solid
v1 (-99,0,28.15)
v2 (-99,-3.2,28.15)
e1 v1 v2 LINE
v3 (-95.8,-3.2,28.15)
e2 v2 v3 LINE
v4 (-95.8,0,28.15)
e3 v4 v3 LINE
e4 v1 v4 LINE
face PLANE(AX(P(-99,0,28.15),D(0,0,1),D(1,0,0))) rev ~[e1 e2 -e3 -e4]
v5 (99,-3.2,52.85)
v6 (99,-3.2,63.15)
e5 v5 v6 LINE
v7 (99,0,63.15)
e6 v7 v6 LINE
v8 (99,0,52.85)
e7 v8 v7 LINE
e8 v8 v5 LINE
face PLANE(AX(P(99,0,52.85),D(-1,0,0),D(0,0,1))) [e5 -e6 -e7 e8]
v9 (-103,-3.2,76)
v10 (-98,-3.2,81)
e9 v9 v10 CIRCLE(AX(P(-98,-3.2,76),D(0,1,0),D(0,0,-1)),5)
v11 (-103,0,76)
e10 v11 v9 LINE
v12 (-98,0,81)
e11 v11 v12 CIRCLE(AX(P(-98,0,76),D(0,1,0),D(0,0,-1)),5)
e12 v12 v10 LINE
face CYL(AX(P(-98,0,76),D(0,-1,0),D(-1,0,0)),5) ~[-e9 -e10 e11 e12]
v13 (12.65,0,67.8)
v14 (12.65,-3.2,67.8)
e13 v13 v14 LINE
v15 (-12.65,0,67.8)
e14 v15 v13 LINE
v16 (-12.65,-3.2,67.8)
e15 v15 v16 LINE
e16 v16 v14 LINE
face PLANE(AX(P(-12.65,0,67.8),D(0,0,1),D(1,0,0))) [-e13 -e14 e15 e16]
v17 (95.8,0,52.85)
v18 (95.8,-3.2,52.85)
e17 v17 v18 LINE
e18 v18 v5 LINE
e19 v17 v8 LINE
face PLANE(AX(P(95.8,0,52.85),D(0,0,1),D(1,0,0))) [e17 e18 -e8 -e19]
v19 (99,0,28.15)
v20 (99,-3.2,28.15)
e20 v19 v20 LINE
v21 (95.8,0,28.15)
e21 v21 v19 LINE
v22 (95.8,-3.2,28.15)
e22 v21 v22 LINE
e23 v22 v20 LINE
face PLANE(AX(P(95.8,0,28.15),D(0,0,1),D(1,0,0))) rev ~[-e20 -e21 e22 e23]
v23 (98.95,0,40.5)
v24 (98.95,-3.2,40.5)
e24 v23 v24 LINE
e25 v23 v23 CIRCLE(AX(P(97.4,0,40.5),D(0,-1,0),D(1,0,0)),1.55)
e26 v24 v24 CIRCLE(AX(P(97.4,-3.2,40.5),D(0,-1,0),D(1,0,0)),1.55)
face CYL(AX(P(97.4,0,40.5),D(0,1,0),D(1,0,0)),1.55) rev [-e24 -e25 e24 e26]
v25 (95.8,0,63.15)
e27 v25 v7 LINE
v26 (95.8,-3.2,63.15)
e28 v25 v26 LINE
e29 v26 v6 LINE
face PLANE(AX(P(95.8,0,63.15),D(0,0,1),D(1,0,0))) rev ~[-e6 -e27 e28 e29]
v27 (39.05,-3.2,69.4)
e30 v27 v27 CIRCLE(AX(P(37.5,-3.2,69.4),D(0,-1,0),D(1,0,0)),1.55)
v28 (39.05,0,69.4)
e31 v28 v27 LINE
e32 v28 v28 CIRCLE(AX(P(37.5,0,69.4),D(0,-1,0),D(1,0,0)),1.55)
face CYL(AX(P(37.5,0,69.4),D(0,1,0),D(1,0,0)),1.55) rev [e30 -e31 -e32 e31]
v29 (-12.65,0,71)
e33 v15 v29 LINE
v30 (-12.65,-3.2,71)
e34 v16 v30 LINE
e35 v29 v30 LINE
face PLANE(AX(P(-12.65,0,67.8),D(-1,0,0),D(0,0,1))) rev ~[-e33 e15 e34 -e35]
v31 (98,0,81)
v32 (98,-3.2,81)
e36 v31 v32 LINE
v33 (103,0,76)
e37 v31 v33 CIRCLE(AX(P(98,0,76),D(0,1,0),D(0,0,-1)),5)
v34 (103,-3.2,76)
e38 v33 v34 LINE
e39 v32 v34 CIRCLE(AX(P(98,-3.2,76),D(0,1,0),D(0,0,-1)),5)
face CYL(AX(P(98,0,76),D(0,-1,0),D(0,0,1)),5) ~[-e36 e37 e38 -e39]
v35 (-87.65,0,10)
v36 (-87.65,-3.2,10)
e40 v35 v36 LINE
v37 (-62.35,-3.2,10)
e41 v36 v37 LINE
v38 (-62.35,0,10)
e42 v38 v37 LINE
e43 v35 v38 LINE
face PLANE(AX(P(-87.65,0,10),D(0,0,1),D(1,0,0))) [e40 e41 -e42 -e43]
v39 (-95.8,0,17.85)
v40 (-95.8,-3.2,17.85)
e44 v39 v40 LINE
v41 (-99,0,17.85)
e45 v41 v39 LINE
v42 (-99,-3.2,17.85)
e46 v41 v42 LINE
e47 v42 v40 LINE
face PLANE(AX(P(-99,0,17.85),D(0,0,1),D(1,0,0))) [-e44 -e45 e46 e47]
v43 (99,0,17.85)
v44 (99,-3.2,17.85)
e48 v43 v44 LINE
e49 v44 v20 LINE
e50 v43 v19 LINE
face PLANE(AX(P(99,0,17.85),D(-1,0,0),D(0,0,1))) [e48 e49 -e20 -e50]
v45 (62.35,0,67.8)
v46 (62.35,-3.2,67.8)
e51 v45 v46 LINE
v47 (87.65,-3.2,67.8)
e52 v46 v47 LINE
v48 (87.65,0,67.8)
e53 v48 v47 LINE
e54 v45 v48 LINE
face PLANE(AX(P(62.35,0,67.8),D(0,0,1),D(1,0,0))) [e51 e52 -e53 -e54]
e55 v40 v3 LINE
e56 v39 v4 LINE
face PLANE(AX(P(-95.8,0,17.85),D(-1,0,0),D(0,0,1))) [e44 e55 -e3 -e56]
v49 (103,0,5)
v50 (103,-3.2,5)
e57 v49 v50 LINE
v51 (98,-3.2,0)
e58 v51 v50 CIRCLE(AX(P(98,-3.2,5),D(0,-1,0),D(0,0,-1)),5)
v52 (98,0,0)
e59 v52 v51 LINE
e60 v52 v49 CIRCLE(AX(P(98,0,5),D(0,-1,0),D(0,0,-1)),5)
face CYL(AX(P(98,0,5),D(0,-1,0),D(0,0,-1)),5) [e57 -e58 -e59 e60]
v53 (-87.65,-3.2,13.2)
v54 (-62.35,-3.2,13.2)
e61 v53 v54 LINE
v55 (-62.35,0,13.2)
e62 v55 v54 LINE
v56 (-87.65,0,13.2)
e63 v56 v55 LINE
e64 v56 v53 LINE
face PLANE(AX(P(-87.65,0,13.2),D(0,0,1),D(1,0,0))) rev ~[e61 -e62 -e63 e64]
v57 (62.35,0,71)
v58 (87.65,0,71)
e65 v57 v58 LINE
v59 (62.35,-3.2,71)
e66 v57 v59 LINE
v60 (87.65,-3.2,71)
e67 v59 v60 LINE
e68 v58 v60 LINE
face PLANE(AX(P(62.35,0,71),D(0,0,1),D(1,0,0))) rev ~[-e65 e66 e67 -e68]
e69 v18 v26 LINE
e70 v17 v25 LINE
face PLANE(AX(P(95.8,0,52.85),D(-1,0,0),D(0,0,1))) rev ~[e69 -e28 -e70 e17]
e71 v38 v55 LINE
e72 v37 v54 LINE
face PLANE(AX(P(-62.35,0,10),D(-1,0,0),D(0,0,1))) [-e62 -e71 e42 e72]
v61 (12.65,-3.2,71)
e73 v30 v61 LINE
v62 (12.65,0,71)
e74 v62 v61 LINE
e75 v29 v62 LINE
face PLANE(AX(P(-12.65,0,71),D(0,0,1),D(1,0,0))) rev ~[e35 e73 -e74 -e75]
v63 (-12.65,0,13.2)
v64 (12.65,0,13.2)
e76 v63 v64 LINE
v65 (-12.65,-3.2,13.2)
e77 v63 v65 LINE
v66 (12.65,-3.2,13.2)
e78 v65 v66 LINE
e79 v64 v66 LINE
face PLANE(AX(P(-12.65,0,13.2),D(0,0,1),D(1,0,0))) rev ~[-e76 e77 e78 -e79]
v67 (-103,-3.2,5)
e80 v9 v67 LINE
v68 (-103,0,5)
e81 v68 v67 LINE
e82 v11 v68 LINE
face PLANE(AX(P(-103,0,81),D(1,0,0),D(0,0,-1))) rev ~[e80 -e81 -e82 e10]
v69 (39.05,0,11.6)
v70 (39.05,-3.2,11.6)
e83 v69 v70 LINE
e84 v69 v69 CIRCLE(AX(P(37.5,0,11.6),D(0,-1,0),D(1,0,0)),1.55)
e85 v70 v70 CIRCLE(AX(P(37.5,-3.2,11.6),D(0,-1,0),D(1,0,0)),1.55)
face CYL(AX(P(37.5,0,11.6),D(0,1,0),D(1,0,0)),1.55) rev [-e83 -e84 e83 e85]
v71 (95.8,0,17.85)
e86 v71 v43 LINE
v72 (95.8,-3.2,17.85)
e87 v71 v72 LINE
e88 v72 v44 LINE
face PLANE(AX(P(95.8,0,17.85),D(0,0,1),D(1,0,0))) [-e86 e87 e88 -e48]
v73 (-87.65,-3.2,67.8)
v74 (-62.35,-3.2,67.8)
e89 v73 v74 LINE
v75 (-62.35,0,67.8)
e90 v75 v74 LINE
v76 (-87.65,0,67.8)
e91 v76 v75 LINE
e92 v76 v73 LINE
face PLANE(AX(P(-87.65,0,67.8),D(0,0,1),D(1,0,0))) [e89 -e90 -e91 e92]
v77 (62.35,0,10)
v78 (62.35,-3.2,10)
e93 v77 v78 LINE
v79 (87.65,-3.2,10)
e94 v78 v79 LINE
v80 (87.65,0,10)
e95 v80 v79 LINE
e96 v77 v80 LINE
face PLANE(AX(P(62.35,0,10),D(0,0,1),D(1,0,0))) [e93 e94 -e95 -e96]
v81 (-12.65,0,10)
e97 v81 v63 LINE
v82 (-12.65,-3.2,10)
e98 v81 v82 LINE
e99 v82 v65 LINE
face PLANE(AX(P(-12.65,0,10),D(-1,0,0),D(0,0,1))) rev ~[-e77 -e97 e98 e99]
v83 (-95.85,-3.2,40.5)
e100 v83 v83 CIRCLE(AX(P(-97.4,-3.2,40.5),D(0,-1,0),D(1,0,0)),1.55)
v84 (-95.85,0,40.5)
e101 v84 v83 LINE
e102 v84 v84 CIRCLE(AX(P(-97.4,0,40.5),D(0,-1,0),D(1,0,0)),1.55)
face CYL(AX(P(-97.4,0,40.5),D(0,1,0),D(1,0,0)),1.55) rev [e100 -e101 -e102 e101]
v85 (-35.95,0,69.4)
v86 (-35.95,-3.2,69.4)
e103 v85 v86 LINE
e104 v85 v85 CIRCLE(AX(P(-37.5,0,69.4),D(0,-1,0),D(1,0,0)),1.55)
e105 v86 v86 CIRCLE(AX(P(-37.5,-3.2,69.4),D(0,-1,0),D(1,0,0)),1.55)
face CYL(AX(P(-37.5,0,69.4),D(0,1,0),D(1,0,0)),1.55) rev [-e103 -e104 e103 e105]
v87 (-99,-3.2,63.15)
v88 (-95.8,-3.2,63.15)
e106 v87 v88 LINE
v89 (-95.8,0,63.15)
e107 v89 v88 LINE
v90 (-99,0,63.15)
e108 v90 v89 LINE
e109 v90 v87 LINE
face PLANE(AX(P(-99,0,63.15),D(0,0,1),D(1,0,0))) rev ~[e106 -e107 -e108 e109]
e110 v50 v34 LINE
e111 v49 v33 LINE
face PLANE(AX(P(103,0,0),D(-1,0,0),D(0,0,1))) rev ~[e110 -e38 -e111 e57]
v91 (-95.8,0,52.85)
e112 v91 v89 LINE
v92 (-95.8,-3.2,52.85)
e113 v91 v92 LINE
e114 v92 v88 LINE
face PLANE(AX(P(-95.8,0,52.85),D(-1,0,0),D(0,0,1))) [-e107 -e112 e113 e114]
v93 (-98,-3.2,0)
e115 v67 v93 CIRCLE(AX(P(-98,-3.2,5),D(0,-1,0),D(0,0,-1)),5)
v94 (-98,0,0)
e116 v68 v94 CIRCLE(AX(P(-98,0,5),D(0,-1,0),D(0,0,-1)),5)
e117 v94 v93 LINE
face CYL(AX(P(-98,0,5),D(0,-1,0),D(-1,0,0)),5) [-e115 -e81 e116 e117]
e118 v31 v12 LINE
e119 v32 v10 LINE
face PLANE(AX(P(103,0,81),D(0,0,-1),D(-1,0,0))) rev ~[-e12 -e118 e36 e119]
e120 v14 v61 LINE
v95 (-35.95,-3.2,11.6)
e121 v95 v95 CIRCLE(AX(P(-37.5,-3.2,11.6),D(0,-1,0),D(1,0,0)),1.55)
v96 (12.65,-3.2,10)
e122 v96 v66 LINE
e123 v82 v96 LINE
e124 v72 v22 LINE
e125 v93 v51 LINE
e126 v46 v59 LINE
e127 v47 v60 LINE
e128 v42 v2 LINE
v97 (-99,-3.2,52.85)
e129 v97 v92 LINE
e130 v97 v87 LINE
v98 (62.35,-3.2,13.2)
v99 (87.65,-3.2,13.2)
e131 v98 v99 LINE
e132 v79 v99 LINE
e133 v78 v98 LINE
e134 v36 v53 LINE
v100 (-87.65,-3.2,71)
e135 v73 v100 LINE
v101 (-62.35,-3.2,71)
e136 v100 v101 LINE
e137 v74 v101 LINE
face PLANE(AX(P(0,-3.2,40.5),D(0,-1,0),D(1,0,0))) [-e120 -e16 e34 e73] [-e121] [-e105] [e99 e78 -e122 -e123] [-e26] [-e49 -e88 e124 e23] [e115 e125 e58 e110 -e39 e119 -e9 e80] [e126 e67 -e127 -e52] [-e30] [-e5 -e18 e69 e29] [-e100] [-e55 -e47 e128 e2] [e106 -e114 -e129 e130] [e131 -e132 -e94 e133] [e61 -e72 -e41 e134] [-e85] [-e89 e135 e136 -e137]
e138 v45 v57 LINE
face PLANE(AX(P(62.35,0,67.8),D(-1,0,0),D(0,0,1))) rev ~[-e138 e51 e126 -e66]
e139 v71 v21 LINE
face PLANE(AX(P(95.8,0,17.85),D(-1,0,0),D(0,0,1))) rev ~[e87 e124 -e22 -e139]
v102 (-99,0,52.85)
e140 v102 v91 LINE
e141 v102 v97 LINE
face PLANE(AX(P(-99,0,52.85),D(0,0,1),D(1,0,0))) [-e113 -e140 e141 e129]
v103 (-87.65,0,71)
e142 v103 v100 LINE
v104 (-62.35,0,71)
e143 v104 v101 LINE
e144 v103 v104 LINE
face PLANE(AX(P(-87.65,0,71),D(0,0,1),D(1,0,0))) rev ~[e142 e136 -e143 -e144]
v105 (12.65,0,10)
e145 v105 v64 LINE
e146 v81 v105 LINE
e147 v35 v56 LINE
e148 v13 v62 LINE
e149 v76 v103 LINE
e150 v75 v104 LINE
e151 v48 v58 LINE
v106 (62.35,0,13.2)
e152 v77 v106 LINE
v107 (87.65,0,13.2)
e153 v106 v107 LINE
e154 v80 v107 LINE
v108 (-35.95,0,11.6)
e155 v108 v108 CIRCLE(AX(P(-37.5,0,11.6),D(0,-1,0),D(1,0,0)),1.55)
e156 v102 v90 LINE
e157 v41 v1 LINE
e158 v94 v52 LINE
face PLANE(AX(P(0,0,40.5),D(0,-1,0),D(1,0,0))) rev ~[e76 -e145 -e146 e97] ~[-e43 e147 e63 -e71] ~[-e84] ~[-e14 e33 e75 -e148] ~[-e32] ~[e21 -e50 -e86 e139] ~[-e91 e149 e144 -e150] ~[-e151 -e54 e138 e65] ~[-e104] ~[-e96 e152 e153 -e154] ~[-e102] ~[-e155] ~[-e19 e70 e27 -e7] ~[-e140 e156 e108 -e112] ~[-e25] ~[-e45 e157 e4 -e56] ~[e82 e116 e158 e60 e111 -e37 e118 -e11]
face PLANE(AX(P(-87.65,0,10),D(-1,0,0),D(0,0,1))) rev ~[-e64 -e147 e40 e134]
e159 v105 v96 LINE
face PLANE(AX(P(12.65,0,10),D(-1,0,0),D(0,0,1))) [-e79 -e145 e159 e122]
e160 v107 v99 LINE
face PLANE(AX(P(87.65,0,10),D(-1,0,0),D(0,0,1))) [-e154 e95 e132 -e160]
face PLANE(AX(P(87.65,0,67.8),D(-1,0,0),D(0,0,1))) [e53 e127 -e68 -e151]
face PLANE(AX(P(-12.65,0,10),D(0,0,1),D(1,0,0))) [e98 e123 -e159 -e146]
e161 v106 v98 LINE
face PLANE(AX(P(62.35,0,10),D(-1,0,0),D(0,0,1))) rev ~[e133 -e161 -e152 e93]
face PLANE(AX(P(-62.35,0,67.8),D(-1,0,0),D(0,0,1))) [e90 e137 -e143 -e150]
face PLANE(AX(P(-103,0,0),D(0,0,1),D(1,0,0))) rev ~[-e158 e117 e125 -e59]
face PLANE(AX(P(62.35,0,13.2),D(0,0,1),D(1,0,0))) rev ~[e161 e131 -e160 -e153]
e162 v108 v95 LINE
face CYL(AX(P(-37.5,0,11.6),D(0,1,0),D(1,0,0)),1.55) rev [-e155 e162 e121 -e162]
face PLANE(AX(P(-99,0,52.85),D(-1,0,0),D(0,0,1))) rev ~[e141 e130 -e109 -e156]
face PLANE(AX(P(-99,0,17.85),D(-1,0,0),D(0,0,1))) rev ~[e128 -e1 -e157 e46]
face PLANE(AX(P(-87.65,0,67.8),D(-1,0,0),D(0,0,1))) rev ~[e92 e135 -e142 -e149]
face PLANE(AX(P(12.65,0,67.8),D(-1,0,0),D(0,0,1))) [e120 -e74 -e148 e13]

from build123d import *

# Parameters (mm, degrees)
F1_W     = 25.3
F1_H     = 3.2
F1_R     = 1.55
F1_W_2   = 3.2
F1_H_2   = 10.3
F2_DEPTH = 3.2
F3_R     = 5


with BuildPart() as f2:
    # F1 (on Front) → F2 (new body)
    with BuildSketch(Plane.XZ):
        Polygon((-99, 81), (-103, 81), (-103, 0), (-99, 0), (99, 0), (103, 0), (103, 81), (99, 81), align=None)
        with Locations((-75, 11.6)):
            Rectangle(F1_W, F1_H, mode=Mode.SUBTRACT)
        with Locations((-37.5, 11.6)):
            Circle(F1_R, mode=Mode.SUBTRACT)
        with Locations((0, 11.6)):
            Rectangle(F1_W, F1_H, mode=Mode.SUBTRACT)
        with Locations((-97.4, 23)):
            Rectangle(F1_W_2, F1_H_2, mode=Mode.SUBTRACT)
        with Locations((37.5, 11.6)):
            Circle(F1_R, mode=Mode.SUBTRACT)
        with Locations((75, 11.6)):
            Rectangle(F1_W, F1_H, mode=Mode.SUBTRACT)
        with Locations((97.4, 23)):
            Rectangle(F1_W_2, F1_H_2, mode=Mode.SUBTRACT)
        with Locations((-97.4, 40.5)):
            Circle(F1_R, mode=Mode.SUBTRACT)
        with Locations((-97.4, 58)):
            Rectangle(F1_W_2, F1_H_2, mode=Mode.SUBTRACT)
        with Locations((-75, 69.4)):
            Rectangle(F1_W, F1_H, mode=Mode.SUBTRACT)
        with Locations((-37.5, 69.4)):
            Circle(F1_R, mode=Mode.SUBTRACT)
        with Locations((0, 69.4)):
            Rectangle(F1_W, F1_H, mode=Mode.SUBTRACT)
        with Locations((97.4, 40.5)):
            Circle(F1_R, mode=Mode.SUBTRACT)
        with Locations((97.4, 58)):
            Rectangle(F1_W_2, F1_H_2, mode=Mode.SUBTRACT)
        with Locations((37.5, 69.4)):
            Circle(F1_R, mode=Mode.SUBTRACT)
        with Locations((75, 69.4)):
            Rectangle(F1_W, F1_H, mode=Mode.SUBTRACT)
    extrude(amount=F2_DEPTH)

    # F3
    f3_edges = [f2.edges().sort_by_distance(p)[0] for p in [
        (-103, -1.6, 81),
        (-103, -1.6, 0),
        (103, -1.6, 81),
        (103, -1.6, 0),
    ]]
    fillet(f3_edges, radius=F3_R)


solid = f2.part
